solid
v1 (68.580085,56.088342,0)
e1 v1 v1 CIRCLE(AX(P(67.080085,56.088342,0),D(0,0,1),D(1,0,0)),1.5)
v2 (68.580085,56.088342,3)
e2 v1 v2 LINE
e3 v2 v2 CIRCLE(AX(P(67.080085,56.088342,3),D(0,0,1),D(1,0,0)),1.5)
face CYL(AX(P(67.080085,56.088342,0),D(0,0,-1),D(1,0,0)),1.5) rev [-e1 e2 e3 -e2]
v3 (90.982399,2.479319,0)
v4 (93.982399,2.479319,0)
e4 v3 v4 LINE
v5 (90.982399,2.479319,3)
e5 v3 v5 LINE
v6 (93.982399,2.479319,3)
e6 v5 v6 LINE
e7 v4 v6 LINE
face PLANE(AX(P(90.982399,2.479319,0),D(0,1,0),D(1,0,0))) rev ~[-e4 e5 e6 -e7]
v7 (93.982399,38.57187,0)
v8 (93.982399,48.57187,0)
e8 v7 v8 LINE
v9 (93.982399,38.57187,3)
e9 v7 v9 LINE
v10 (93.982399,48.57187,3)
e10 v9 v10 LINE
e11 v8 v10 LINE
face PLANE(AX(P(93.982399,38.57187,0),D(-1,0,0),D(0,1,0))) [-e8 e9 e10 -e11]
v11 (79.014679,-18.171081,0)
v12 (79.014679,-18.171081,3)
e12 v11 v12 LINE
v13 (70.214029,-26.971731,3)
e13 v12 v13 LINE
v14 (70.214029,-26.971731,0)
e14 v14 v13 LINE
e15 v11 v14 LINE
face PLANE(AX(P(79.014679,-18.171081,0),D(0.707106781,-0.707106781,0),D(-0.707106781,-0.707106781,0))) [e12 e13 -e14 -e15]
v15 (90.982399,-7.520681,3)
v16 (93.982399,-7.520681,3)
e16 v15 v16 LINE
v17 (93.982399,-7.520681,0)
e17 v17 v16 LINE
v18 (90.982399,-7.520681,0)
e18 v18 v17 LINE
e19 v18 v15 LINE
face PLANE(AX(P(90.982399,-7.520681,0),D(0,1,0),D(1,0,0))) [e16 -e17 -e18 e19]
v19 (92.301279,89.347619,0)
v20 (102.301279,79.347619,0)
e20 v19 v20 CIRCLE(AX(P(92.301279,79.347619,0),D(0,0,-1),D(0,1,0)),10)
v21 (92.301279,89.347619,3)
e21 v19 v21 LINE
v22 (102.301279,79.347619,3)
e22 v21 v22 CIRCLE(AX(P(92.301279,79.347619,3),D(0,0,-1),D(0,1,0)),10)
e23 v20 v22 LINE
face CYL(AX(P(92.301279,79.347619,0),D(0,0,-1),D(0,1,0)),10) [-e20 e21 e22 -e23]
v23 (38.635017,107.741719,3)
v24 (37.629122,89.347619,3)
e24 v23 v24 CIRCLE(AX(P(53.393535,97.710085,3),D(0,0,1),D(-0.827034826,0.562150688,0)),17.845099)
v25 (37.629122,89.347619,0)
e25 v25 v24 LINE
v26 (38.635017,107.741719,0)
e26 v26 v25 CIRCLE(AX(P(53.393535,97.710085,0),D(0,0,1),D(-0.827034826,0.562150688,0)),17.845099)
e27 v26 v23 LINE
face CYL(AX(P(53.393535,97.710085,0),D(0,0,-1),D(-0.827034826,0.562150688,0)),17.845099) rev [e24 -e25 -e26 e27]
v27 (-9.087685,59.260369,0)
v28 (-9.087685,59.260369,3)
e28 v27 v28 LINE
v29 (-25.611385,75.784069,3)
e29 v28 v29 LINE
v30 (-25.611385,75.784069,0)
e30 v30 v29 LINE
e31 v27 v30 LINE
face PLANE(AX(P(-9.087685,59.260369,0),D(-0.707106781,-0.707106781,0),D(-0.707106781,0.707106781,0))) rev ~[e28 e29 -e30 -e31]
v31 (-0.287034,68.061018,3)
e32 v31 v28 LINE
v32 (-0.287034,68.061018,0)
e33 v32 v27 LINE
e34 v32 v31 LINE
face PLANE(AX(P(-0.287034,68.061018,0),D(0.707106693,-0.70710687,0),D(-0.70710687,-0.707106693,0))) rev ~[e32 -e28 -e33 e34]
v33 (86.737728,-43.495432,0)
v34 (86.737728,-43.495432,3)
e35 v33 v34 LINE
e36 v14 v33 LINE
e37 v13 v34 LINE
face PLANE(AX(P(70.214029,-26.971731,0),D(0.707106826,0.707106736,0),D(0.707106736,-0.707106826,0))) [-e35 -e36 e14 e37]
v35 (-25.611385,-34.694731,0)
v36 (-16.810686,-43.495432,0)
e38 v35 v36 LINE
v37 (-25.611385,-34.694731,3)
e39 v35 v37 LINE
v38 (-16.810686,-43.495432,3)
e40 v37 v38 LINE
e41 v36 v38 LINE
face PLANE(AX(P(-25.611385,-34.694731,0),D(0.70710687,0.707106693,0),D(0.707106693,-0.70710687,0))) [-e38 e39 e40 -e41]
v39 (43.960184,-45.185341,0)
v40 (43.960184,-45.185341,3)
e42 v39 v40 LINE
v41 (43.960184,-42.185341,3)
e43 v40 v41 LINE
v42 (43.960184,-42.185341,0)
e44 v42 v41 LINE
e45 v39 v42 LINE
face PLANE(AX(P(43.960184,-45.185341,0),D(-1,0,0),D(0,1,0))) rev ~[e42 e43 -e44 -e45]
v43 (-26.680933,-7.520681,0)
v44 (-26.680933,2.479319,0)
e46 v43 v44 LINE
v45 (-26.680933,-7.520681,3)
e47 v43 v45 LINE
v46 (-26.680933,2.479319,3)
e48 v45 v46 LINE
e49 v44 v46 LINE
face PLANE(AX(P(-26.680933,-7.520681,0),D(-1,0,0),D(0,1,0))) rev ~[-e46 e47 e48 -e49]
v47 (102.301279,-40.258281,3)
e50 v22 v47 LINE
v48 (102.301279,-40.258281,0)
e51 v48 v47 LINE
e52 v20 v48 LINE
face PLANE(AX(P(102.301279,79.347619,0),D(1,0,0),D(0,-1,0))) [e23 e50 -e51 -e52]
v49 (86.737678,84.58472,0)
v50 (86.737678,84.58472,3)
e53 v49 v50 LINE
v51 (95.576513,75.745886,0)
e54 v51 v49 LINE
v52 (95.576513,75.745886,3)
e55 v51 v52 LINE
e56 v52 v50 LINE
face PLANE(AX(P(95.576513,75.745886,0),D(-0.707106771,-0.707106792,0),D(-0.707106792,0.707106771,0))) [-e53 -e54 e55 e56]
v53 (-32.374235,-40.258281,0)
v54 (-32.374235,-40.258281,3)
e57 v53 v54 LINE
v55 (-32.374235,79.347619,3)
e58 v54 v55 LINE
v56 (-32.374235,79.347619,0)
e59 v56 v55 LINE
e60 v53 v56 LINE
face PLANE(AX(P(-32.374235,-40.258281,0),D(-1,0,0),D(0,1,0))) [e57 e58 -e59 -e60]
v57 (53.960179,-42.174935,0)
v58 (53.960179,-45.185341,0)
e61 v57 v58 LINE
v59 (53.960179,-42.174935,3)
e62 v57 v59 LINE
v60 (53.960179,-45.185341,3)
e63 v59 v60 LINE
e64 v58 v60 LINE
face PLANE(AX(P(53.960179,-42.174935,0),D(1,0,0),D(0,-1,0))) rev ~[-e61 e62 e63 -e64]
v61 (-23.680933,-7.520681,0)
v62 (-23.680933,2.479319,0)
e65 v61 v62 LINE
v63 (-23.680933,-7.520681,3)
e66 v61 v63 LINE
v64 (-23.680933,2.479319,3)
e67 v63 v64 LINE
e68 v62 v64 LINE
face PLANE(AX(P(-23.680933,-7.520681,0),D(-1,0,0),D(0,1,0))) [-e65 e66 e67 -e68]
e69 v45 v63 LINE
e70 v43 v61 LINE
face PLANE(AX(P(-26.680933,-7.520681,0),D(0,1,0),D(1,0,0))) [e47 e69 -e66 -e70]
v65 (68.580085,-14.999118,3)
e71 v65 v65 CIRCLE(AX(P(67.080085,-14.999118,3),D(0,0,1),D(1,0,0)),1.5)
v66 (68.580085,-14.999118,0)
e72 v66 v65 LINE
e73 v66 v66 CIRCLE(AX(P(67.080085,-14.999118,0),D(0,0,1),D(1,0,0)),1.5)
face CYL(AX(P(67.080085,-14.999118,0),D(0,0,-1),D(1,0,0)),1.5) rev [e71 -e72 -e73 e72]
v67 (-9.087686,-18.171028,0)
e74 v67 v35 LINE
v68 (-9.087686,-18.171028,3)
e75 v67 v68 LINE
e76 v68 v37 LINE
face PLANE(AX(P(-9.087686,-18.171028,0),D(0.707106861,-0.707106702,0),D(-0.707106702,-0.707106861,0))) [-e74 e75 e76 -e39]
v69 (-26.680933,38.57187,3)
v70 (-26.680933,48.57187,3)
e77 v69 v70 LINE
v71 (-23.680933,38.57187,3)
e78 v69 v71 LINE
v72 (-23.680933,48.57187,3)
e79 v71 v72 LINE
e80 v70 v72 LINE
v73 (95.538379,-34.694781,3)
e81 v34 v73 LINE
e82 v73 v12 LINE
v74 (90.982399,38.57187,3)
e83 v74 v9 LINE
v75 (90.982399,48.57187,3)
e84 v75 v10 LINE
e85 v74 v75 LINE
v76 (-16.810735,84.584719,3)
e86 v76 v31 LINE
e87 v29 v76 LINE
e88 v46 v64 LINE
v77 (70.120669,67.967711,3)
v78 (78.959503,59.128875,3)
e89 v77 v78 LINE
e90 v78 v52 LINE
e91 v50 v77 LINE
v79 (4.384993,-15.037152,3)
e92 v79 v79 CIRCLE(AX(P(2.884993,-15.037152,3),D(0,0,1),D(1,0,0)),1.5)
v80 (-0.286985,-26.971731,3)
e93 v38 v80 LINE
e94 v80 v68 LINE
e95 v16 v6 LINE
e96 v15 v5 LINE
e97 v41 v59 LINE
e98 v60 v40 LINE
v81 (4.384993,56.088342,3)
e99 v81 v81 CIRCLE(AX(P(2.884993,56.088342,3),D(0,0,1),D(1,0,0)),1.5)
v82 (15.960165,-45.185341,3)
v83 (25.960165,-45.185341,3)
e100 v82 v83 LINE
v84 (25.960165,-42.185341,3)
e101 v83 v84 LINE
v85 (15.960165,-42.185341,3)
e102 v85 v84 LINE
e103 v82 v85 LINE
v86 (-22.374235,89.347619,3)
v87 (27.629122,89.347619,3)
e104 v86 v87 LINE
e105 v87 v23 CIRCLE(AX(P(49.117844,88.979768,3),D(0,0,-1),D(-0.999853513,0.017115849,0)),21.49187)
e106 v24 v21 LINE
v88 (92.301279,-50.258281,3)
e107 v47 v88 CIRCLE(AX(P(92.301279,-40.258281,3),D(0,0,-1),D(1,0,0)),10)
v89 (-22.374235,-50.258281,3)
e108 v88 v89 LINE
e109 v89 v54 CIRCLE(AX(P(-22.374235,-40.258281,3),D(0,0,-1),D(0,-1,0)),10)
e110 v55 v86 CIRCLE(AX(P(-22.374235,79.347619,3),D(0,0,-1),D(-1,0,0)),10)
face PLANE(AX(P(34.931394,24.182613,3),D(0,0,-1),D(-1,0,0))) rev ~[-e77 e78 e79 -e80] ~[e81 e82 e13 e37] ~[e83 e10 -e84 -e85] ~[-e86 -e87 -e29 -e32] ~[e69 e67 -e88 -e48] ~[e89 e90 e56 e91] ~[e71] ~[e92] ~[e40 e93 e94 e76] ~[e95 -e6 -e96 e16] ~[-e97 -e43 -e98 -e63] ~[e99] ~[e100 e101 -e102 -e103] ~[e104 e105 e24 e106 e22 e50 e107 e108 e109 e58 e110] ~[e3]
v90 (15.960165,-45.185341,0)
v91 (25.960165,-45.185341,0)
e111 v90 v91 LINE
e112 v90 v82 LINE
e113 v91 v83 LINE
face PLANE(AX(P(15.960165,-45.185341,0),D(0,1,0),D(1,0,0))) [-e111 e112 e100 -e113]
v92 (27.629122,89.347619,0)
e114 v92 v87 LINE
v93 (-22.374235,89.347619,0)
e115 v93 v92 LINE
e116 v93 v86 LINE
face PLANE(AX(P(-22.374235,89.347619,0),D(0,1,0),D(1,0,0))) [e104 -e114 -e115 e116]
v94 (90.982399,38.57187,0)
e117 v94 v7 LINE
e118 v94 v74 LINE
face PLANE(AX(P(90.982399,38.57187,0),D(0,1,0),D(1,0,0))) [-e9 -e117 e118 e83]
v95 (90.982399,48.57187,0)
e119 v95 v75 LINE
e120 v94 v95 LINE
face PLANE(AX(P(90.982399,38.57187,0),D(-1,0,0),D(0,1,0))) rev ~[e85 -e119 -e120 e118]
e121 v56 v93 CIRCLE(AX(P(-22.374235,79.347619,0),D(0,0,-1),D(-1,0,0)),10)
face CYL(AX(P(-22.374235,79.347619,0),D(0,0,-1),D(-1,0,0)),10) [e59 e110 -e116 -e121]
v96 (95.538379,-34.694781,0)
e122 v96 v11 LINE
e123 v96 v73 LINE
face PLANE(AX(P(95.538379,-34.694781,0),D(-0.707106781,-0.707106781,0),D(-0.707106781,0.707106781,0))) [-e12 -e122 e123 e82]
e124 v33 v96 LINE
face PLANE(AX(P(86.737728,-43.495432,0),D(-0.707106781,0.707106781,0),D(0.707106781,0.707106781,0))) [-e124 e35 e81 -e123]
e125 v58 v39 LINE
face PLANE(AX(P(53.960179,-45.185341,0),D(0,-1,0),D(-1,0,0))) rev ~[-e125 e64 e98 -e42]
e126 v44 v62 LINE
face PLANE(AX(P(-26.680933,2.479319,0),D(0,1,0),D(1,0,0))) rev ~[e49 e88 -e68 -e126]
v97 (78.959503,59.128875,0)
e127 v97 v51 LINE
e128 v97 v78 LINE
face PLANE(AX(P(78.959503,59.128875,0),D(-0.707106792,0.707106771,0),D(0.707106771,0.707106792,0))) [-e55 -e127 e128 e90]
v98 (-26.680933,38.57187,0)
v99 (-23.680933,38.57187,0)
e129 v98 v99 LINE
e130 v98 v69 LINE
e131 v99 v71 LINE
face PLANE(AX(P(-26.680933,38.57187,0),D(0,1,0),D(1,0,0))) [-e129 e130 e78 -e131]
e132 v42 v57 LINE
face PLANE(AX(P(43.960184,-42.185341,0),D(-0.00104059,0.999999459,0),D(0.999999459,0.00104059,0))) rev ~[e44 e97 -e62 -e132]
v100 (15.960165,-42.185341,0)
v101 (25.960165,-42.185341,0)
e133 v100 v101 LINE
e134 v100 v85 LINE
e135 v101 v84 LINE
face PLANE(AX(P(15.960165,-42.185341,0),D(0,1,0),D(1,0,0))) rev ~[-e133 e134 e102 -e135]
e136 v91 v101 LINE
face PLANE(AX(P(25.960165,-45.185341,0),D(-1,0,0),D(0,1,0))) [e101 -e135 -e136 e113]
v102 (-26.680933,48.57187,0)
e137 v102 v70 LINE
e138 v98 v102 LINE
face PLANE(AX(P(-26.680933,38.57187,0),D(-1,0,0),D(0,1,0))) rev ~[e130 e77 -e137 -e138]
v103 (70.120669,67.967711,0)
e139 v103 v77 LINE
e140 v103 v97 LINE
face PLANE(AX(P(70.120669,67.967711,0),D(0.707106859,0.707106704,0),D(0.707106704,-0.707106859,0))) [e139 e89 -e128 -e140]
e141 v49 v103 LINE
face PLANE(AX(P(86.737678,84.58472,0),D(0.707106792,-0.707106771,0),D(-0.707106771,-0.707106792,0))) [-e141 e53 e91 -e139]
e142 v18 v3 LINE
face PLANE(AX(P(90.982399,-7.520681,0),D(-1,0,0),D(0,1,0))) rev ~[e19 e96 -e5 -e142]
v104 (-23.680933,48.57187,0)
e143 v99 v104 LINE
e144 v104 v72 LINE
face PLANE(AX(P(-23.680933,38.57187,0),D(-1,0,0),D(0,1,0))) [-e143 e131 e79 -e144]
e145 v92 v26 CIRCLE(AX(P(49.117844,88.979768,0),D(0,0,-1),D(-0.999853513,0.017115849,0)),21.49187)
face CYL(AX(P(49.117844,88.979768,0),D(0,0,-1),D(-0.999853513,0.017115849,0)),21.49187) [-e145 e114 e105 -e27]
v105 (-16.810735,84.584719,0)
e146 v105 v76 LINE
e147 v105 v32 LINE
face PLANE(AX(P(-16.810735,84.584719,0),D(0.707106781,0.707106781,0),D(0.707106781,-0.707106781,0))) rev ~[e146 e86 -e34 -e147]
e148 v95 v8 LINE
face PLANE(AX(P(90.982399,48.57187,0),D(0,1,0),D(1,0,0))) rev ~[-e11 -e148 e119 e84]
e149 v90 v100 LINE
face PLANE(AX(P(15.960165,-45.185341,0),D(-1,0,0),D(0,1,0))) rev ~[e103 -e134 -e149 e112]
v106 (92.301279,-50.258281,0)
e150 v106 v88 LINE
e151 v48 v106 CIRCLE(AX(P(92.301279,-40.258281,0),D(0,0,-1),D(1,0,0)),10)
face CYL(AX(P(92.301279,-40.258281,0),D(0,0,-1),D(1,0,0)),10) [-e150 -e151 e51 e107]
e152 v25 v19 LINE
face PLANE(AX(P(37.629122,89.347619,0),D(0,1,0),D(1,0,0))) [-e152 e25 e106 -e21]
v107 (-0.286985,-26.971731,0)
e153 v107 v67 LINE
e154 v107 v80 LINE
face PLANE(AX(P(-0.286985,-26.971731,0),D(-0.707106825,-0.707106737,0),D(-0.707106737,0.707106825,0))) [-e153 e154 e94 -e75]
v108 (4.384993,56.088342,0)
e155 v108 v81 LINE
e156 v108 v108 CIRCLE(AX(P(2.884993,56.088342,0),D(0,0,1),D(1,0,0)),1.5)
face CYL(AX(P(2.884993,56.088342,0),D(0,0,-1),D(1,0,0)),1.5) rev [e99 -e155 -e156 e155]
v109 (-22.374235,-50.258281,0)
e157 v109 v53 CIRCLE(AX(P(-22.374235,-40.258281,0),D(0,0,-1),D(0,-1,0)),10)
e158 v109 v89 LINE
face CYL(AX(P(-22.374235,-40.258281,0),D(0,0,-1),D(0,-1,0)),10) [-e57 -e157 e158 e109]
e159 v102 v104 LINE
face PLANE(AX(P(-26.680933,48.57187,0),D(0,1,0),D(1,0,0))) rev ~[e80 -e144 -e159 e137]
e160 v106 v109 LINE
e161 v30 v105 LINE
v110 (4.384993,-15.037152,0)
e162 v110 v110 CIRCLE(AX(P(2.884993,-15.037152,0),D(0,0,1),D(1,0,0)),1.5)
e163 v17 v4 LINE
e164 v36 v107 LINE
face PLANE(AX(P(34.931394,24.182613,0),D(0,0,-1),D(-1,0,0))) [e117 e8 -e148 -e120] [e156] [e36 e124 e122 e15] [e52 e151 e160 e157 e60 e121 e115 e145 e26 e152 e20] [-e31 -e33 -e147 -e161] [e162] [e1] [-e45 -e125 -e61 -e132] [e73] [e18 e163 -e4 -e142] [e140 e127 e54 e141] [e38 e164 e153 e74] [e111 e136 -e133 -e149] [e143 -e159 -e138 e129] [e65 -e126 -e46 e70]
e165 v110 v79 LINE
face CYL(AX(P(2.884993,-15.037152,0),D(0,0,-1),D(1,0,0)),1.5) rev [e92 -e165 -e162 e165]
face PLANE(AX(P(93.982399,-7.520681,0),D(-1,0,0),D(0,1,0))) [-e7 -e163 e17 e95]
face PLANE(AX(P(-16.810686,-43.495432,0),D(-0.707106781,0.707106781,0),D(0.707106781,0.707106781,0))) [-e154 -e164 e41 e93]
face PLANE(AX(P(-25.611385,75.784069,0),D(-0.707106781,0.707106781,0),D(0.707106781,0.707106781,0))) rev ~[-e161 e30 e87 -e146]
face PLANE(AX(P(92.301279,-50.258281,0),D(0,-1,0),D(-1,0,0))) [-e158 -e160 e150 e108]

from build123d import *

# Parameters (mm, degrees)
MODEL_R                 = 1.5
MODEL_W                 = 10
MODEL_H                 = 3
MODEL_W_2               = 3
MODEL_H_2               = 10
SALIENTE_EXTRUIR1_DEPTH = 3


with BuildPart() as part:
    # Model → Saliente-Extruir1 (new body)
    with BuildSketch(Plane.XY):
        with BuildLine():
            Line((-32.374234998, -40.258280816), (-32.374234998, 79.347619184))
            ThreePointArc((-32.374234998, 79.347619184), (-29.44530281, 86.418686996), (-22.374234998, 89.347619184))
            Line((-22.374234998, 89.347619184), (27.629122048, 89.347619184))
            ThreePointArc((27.629122048, 89.347619184), (30.675210948, 100.014701803), (38.63501695, 107.741719184))
            ThreePointArc((38.63501695, 107.741719184), (35.575059813, 98.684501141), (37.629122048, 89.347619184))
            Line((37.629122048, 89.347619184), (92.301279094, 89.347619184))
            ThreePointArc((92.301279094, 89.347619184), (99.372346906, 86.418686996), (102.301279094, 79.347619184))
            Line((102.301279094, 79.347619184), (102.301279094, -40.258280816))
            ThreePointArc((102.301279094, -40.258280816), (99.372346906, -47.329348628), (92.301279094, -50.258280816))
            Line((92.301279094, -50.258280816), (-22.374234998, -50.258280816))
            ThreePointArc((-22.374234998, -50.258280816), (-29.44530281, -47.329348628), (-32.374234998, -40.258280816))
        make_face()
        with Locations((67.080084989, -14.999118146)):
            Circle(MODEL_R, mode=Mode.SUBTRACT)
        with Locations((2.884992575, -15.037151741)):
            Circle(MODEL_R, mode=Mode.SUBTRACT)
        with Locations((2.884992575, 56.088341611)):
            Circle(MODEL_R, mode=Mode.SUBTRACT)
        with Locations((67.080084989, 56.088341611)):
            Circle(MODEL_R, mode=Mode.SUBTRACT)
        Polygon((43.960184493, -45.18534075), (43.960184493, -42.18534075), (53.960179079, -42.17493485), (53.960179079, -45.18534075), align=None, mode=Mode.SUBTRACT)
        with Locations((20.960165002, -43.68534075)):
            Rectangle(MODEL_W, MODEL_H, mode=Mode.SUBTRACT)
        Polygon((-0.287033943, 68.061018129), (-9.087685043, 59.260369229), (-25.611384998, 75.784069184), (-16.810734998, 84.584719184), align=None, mode=Mode.SUBTRACT)
        Polygon((78.959502691, 59.128875015), (95.576512855, 75.745885675), (86.737677959, 84.584720308), (70.120668893, 67.967710748), align=None, mode=Mode.SUBTRACT)
        Polygon((-25.611384913, -34.694730812), (-16.810686053, -43.495431871), (-0.28698502, -26.971730838), (-9.087686285, -18.171028474), align=None, mode=Mode.SUBTRACT)
        Polygon((86.737728061, -43.495431849), (95.538379094, -34.694780816), (79.014679094, -18.171080816), (70.214029117, -26.971730793), align=None, mode=Mode.SUBTRACT)
        with Locations((92.48239949, 43.571870396)):
            Rectangle(MODEL_W_2, MODEL_H_2, mode=Mode.SUBTRACT)
        with Locations((92.48239949, -2.520680527)):
            Rectangle(MODEL_W_2, MODEL_H_2, mode=Mode.SUBTRACT)
        with Locations((-25.18093295, -2.520680527)):
            Rectangle(MODEL_W_2, MODEL_H_2, mode=Mode.SUBTRACT)
        with Locations((-25.18093295, 43.571870396)):
            Rectangle(MODEL_W_2, MODEL_H_2, mode=Mode.SUBTRACT)
    extrude(amount=SALIENTE_EXTRUIR1_DEPTH)


solid = part.part
